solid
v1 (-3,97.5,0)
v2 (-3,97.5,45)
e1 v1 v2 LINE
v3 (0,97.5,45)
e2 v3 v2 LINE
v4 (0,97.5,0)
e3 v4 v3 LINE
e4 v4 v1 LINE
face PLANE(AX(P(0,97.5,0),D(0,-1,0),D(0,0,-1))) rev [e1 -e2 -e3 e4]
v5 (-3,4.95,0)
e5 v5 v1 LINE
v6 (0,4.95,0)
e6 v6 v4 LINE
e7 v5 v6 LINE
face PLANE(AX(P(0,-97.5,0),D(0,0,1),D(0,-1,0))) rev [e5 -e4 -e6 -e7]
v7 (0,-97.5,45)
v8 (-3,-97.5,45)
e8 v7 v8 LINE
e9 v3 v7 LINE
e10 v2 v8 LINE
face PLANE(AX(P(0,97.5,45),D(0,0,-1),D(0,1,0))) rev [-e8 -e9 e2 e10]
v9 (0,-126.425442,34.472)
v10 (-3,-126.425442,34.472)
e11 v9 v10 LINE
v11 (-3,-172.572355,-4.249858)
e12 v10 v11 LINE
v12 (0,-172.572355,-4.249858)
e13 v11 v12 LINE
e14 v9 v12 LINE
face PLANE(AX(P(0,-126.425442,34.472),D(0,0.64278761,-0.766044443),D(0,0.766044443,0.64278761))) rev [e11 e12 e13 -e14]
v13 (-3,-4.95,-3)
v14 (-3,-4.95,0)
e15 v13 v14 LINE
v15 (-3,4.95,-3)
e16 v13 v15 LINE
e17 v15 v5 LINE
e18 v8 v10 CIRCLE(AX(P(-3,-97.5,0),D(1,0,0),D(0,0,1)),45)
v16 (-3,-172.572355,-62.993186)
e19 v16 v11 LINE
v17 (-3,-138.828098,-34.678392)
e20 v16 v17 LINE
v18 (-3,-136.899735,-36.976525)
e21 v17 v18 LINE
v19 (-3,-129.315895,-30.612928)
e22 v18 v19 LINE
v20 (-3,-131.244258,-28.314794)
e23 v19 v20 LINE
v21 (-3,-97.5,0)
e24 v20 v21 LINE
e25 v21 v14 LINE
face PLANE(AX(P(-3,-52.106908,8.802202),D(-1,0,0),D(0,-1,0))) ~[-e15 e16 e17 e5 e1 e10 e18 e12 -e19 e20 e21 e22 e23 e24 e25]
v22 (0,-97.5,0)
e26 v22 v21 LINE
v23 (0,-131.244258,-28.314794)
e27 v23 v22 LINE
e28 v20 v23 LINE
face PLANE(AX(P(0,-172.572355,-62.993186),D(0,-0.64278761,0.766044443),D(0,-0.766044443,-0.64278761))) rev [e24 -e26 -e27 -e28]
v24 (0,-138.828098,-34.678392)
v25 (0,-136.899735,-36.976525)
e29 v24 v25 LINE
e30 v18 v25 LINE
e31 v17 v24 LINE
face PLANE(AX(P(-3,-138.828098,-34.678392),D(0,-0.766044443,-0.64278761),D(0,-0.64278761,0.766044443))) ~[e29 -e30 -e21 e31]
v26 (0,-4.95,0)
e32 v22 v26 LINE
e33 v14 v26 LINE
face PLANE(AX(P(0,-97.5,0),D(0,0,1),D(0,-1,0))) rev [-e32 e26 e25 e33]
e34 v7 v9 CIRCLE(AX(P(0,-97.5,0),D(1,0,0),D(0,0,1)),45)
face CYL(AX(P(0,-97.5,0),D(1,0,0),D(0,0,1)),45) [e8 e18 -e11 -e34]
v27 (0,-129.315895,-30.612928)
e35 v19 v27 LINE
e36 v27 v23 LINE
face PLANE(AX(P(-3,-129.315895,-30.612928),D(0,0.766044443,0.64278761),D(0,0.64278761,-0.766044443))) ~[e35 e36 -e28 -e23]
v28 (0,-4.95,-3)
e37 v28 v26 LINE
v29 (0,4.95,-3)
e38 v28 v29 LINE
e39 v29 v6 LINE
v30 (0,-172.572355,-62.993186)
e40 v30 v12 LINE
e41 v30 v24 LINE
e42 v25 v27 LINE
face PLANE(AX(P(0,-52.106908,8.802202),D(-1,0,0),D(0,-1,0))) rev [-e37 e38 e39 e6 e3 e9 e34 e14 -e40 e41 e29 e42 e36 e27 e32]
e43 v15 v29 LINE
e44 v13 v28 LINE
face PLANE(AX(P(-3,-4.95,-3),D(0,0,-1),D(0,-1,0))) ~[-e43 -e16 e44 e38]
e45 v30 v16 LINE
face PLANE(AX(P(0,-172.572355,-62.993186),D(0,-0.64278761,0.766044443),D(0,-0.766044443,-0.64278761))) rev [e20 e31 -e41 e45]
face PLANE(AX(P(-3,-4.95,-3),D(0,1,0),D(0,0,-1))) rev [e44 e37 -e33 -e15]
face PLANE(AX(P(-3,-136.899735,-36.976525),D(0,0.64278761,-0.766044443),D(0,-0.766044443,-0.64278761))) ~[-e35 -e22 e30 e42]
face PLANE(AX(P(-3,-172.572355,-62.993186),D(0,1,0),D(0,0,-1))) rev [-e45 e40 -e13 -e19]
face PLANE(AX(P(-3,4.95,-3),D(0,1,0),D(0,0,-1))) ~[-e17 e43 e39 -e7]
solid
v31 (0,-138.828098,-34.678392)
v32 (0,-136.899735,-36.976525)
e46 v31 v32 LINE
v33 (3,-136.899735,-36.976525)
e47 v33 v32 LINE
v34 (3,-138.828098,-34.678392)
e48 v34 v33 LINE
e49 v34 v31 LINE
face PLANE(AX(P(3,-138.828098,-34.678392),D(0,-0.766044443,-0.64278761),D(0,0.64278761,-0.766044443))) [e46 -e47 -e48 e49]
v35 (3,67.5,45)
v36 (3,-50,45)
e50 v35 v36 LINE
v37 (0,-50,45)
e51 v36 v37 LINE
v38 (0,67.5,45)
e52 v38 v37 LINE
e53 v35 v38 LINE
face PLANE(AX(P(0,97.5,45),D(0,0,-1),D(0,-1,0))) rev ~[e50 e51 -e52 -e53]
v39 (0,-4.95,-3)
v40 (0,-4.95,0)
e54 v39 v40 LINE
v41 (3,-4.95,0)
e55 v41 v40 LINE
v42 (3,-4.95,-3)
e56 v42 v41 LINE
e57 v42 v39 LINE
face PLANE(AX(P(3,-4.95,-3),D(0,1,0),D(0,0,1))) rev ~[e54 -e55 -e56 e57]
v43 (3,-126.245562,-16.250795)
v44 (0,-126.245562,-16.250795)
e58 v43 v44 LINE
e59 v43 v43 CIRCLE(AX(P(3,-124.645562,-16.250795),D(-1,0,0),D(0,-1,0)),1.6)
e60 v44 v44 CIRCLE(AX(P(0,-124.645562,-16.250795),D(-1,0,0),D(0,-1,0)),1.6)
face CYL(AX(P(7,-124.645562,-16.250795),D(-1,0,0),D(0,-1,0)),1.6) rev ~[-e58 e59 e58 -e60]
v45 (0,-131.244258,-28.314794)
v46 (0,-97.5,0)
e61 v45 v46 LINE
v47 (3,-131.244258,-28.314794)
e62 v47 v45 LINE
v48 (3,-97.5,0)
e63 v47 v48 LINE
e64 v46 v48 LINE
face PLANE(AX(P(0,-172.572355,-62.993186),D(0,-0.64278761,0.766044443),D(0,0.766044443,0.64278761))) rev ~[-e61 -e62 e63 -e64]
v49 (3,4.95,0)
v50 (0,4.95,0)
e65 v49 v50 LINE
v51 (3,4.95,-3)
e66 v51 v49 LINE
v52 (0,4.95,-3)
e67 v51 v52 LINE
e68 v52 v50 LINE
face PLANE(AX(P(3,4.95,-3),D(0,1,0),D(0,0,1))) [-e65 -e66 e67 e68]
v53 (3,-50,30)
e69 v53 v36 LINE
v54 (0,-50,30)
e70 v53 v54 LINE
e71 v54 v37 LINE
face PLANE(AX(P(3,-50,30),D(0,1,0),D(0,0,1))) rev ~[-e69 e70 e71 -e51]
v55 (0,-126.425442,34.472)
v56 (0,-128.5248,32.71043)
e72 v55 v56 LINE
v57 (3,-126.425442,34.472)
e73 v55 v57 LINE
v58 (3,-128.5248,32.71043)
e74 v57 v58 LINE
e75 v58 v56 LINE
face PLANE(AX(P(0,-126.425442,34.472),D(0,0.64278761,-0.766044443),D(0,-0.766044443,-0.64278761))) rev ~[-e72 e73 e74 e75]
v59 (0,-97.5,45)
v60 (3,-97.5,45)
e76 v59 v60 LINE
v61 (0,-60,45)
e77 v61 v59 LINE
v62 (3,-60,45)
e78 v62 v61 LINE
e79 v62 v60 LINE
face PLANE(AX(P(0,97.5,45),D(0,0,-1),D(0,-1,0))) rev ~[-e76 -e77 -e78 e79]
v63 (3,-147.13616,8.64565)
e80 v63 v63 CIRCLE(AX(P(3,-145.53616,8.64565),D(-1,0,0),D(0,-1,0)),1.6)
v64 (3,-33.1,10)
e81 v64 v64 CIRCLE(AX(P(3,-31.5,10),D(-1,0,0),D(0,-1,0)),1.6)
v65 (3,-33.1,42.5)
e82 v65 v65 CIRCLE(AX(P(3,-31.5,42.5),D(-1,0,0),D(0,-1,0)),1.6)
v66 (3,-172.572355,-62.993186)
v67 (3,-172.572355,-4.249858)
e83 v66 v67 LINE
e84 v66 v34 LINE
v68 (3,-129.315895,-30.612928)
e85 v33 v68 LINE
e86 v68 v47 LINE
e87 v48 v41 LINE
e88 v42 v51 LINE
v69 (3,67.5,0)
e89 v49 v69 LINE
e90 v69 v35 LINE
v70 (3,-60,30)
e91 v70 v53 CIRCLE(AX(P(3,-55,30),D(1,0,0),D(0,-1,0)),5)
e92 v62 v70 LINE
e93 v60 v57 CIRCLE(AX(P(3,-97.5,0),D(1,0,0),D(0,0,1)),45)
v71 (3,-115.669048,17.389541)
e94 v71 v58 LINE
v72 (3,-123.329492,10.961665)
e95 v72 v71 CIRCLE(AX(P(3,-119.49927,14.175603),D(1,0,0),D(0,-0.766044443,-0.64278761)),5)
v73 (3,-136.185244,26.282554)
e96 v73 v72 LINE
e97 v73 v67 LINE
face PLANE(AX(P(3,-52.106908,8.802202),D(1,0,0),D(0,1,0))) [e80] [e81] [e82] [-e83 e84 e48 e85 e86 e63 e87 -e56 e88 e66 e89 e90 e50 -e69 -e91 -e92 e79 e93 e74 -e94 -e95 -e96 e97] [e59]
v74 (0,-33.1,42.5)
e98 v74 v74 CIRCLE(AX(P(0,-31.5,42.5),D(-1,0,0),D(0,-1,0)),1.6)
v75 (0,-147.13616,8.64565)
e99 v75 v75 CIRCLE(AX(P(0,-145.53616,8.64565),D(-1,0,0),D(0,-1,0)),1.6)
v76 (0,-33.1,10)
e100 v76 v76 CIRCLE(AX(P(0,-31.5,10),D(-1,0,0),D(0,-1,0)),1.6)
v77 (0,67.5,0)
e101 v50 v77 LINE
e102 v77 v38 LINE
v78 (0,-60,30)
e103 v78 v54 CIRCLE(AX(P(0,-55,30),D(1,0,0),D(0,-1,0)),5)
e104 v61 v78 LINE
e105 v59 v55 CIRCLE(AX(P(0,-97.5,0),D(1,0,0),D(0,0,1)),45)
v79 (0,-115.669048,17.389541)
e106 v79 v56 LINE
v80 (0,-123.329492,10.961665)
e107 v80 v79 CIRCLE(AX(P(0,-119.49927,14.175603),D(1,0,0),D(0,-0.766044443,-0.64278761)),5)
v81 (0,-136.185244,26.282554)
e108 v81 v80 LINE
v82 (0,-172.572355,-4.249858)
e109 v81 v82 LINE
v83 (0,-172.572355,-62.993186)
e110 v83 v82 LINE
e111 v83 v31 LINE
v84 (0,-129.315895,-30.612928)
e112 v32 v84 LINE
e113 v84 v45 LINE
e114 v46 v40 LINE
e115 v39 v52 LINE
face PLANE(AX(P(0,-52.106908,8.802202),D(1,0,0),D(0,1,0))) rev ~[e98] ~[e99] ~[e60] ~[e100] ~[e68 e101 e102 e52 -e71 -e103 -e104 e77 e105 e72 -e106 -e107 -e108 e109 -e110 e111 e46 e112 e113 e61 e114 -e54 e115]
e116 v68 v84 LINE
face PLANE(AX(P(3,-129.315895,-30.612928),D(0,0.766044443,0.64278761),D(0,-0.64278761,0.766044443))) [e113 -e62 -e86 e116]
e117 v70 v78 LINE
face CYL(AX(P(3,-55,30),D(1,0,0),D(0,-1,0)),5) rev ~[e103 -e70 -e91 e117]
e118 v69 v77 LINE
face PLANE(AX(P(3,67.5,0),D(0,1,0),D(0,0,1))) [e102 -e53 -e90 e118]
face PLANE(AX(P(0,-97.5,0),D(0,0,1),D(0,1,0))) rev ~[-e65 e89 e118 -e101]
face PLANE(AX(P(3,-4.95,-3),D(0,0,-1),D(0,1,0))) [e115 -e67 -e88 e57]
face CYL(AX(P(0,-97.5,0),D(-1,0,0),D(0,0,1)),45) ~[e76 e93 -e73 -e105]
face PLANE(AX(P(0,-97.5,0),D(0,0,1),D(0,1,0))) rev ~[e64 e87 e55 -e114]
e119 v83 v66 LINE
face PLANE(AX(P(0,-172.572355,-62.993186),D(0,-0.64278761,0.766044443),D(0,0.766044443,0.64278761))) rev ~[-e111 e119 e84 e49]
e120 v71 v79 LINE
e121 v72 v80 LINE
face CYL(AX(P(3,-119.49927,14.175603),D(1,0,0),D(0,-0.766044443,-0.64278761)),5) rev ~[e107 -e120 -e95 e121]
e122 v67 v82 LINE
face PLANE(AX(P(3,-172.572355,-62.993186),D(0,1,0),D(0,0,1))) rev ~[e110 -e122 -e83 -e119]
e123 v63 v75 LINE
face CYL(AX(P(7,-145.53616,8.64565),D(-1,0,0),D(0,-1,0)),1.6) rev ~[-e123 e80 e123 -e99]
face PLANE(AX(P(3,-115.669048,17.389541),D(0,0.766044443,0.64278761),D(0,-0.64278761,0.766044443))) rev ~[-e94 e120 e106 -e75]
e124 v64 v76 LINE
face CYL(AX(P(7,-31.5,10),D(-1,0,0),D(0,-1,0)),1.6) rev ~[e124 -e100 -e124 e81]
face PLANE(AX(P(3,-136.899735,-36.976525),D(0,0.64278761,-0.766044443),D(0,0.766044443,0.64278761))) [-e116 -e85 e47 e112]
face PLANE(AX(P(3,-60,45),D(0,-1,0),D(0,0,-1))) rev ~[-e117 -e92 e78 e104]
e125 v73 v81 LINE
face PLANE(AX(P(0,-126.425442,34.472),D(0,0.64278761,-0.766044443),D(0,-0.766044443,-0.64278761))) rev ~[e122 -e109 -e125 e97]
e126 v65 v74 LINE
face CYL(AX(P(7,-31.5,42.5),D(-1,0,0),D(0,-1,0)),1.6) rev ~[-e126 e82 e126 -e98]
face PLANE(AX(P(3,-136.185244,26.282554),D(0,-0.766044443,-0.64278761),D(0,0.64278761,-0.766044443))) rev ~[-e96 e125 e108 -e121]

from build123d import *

# Parameters (mm, degrees)
F1_DEPTH  = 3
F2_W      = 9.9
F2_H      = 3
F3_DEPTH  = 3
F5_DEPTH  = 3
F7_W      = 30
F7_H      = 45
F8_DEPTH  = 3
F10_D     = 3.2
F10_DEPTH = 4
F10_TIP   = 0.9613769904
F12_DEPTH = 3
F14_D     = 3.2
F14_DEPTH = 4
F14_TIP   = 0.9613769904
F15_DEPTH = 3


with BuildPart() as f1:
    # F0 (on Right) → F1 (new body)
    with BuildSketch(Plane.YZ):
        with BuildLine():
            Line((-172.5723554257, -62.9931857493), (-97.5, 0))
            Line((-97.5, 0), (97.5, 0))
            Line((97.5, 0), (97.5, 45))
            Line((97.5, 45), (-97.5, 45))
            ThreePointArc((-97.5, 45), (-112.8909064497, 42.2861679354), (-126.4254424359, 34.4719999404))
            Line((-126.4254424359, 34.4719999404), (-201.4977978616, -28.5211858089))
            Line((-201.4977978616, -28.5211858089), (-172.5723554257, -62.9931857493))
        make_face()
    extrude(amount=F1_DEPTH)

    # F2 (on face) → F3 (join, through all)
    with BuildSketch(Plane.YZ.offset(3)):
        with Locations((0, -1.5)):
            Rectangle(F2_W, F2_H)
        Polygon((-129.3158948903, -30.612927536), (-131.2442577194, -28.3147942067), (-138.8280977063, -34.6783915426), (-136.8997348772, -36.9765248719), align=None)
    extrude(amount=-F3_DEPTH)

    # F4 (on face) → F5 (cut, through all)
    with BuildSketch(Plane.YZ.offset(3)):
        Polygon((-201.4977978616, -28.5211858089), (-172.5723554257, -62.9931857493), (-172.5723554257, -4.2498577293), align=None)
    extrude(amount=-F5_DEPTH, mode=Mode.SUBTRACT)


with BuildPart() as f6_1:
    # F6: instance of F1
    add(f1.part.mirror(Plane.YZ))


with BuildPart() as f1_1:
    add(f1.part)

    # F7 (on face) → F8 (cut, through all)
    with BuildSketch(Plane.YZ.offset(3)):
        with Locations((82.5, 22.5)):
            Rectangle(F7_W, F7_H)
    extrude(amount=-F8_DEPTH, mode=Mode.SUBTRACT)

    # F10
    with Locations(Plane.YZ.offset(3)):
        with Locations((-124.6455621877, -16.2507947732), (-145.5361595026, 8.6456496282)):
            Hole(F10_D / 2, depth=F10_DEPTH)
            with Locations((0, 0, -(F10_DEPTH + F10_TIP / 2))):  # 118° drill point
                Cone(0, F10_D / 2, F10_TIP, mode=Mode.SUBTRACT)

    # F11 (on face) → F12 (cut, through all)
    with BuildSketch(Plane.YZ.offset(3)):
        with BuildLine():
            Line((-128.5247999463, 32.7104298276), (-136.1852443775, 26.2825537308))
            Line((-136.1852443775, 26.2825537308), (-123.3294921838, 10.9616648684))
            ThreePointArc((-123.3294921838, 10.9616648684), (-116.2853319197, 10.3453807012), (-115.6690477526, 17.3895409653))
            Line((-115.6690477526, 17.3895409653), (-128.5247999463, 32.7104298276))
        make_face()
    extrude(amount=-F12_DEPTH, mode=Mode.SUBTRACT)

    # F14
    with Locations(Plane.YZ.offset(3)):
        with Locations((-31.5, 42.5), (-31.5, 10)):
            Hole(F14_D / 2, depth=F14_DEPTH)
            with Locations((0, 0, -(F14_DEPTH + F14_TIP / 2))):  # 118° drill point
                Cone(0, F14_D / 2, F14_TIP, mode=Mode.SUBTRACT)

    # F13 (on face) → F15 (cut, through all)
    with BuildSketch(Plane.YZ.offset(3)):
        with BuildLine():
            Line((-50, 45), (-60, 45))
            Line((-60, 45), (-60, 30))
            ThreePointArc((-60, 30), (-55, 25), (-50, 30))
            Line((-50, 30), (-50, 45))
        make_face()
    extrude(amount=-F15_DEPTH, mode=Mode.SUBTRACT)


solid = Compound([f6_1.part, f1_1.part])
